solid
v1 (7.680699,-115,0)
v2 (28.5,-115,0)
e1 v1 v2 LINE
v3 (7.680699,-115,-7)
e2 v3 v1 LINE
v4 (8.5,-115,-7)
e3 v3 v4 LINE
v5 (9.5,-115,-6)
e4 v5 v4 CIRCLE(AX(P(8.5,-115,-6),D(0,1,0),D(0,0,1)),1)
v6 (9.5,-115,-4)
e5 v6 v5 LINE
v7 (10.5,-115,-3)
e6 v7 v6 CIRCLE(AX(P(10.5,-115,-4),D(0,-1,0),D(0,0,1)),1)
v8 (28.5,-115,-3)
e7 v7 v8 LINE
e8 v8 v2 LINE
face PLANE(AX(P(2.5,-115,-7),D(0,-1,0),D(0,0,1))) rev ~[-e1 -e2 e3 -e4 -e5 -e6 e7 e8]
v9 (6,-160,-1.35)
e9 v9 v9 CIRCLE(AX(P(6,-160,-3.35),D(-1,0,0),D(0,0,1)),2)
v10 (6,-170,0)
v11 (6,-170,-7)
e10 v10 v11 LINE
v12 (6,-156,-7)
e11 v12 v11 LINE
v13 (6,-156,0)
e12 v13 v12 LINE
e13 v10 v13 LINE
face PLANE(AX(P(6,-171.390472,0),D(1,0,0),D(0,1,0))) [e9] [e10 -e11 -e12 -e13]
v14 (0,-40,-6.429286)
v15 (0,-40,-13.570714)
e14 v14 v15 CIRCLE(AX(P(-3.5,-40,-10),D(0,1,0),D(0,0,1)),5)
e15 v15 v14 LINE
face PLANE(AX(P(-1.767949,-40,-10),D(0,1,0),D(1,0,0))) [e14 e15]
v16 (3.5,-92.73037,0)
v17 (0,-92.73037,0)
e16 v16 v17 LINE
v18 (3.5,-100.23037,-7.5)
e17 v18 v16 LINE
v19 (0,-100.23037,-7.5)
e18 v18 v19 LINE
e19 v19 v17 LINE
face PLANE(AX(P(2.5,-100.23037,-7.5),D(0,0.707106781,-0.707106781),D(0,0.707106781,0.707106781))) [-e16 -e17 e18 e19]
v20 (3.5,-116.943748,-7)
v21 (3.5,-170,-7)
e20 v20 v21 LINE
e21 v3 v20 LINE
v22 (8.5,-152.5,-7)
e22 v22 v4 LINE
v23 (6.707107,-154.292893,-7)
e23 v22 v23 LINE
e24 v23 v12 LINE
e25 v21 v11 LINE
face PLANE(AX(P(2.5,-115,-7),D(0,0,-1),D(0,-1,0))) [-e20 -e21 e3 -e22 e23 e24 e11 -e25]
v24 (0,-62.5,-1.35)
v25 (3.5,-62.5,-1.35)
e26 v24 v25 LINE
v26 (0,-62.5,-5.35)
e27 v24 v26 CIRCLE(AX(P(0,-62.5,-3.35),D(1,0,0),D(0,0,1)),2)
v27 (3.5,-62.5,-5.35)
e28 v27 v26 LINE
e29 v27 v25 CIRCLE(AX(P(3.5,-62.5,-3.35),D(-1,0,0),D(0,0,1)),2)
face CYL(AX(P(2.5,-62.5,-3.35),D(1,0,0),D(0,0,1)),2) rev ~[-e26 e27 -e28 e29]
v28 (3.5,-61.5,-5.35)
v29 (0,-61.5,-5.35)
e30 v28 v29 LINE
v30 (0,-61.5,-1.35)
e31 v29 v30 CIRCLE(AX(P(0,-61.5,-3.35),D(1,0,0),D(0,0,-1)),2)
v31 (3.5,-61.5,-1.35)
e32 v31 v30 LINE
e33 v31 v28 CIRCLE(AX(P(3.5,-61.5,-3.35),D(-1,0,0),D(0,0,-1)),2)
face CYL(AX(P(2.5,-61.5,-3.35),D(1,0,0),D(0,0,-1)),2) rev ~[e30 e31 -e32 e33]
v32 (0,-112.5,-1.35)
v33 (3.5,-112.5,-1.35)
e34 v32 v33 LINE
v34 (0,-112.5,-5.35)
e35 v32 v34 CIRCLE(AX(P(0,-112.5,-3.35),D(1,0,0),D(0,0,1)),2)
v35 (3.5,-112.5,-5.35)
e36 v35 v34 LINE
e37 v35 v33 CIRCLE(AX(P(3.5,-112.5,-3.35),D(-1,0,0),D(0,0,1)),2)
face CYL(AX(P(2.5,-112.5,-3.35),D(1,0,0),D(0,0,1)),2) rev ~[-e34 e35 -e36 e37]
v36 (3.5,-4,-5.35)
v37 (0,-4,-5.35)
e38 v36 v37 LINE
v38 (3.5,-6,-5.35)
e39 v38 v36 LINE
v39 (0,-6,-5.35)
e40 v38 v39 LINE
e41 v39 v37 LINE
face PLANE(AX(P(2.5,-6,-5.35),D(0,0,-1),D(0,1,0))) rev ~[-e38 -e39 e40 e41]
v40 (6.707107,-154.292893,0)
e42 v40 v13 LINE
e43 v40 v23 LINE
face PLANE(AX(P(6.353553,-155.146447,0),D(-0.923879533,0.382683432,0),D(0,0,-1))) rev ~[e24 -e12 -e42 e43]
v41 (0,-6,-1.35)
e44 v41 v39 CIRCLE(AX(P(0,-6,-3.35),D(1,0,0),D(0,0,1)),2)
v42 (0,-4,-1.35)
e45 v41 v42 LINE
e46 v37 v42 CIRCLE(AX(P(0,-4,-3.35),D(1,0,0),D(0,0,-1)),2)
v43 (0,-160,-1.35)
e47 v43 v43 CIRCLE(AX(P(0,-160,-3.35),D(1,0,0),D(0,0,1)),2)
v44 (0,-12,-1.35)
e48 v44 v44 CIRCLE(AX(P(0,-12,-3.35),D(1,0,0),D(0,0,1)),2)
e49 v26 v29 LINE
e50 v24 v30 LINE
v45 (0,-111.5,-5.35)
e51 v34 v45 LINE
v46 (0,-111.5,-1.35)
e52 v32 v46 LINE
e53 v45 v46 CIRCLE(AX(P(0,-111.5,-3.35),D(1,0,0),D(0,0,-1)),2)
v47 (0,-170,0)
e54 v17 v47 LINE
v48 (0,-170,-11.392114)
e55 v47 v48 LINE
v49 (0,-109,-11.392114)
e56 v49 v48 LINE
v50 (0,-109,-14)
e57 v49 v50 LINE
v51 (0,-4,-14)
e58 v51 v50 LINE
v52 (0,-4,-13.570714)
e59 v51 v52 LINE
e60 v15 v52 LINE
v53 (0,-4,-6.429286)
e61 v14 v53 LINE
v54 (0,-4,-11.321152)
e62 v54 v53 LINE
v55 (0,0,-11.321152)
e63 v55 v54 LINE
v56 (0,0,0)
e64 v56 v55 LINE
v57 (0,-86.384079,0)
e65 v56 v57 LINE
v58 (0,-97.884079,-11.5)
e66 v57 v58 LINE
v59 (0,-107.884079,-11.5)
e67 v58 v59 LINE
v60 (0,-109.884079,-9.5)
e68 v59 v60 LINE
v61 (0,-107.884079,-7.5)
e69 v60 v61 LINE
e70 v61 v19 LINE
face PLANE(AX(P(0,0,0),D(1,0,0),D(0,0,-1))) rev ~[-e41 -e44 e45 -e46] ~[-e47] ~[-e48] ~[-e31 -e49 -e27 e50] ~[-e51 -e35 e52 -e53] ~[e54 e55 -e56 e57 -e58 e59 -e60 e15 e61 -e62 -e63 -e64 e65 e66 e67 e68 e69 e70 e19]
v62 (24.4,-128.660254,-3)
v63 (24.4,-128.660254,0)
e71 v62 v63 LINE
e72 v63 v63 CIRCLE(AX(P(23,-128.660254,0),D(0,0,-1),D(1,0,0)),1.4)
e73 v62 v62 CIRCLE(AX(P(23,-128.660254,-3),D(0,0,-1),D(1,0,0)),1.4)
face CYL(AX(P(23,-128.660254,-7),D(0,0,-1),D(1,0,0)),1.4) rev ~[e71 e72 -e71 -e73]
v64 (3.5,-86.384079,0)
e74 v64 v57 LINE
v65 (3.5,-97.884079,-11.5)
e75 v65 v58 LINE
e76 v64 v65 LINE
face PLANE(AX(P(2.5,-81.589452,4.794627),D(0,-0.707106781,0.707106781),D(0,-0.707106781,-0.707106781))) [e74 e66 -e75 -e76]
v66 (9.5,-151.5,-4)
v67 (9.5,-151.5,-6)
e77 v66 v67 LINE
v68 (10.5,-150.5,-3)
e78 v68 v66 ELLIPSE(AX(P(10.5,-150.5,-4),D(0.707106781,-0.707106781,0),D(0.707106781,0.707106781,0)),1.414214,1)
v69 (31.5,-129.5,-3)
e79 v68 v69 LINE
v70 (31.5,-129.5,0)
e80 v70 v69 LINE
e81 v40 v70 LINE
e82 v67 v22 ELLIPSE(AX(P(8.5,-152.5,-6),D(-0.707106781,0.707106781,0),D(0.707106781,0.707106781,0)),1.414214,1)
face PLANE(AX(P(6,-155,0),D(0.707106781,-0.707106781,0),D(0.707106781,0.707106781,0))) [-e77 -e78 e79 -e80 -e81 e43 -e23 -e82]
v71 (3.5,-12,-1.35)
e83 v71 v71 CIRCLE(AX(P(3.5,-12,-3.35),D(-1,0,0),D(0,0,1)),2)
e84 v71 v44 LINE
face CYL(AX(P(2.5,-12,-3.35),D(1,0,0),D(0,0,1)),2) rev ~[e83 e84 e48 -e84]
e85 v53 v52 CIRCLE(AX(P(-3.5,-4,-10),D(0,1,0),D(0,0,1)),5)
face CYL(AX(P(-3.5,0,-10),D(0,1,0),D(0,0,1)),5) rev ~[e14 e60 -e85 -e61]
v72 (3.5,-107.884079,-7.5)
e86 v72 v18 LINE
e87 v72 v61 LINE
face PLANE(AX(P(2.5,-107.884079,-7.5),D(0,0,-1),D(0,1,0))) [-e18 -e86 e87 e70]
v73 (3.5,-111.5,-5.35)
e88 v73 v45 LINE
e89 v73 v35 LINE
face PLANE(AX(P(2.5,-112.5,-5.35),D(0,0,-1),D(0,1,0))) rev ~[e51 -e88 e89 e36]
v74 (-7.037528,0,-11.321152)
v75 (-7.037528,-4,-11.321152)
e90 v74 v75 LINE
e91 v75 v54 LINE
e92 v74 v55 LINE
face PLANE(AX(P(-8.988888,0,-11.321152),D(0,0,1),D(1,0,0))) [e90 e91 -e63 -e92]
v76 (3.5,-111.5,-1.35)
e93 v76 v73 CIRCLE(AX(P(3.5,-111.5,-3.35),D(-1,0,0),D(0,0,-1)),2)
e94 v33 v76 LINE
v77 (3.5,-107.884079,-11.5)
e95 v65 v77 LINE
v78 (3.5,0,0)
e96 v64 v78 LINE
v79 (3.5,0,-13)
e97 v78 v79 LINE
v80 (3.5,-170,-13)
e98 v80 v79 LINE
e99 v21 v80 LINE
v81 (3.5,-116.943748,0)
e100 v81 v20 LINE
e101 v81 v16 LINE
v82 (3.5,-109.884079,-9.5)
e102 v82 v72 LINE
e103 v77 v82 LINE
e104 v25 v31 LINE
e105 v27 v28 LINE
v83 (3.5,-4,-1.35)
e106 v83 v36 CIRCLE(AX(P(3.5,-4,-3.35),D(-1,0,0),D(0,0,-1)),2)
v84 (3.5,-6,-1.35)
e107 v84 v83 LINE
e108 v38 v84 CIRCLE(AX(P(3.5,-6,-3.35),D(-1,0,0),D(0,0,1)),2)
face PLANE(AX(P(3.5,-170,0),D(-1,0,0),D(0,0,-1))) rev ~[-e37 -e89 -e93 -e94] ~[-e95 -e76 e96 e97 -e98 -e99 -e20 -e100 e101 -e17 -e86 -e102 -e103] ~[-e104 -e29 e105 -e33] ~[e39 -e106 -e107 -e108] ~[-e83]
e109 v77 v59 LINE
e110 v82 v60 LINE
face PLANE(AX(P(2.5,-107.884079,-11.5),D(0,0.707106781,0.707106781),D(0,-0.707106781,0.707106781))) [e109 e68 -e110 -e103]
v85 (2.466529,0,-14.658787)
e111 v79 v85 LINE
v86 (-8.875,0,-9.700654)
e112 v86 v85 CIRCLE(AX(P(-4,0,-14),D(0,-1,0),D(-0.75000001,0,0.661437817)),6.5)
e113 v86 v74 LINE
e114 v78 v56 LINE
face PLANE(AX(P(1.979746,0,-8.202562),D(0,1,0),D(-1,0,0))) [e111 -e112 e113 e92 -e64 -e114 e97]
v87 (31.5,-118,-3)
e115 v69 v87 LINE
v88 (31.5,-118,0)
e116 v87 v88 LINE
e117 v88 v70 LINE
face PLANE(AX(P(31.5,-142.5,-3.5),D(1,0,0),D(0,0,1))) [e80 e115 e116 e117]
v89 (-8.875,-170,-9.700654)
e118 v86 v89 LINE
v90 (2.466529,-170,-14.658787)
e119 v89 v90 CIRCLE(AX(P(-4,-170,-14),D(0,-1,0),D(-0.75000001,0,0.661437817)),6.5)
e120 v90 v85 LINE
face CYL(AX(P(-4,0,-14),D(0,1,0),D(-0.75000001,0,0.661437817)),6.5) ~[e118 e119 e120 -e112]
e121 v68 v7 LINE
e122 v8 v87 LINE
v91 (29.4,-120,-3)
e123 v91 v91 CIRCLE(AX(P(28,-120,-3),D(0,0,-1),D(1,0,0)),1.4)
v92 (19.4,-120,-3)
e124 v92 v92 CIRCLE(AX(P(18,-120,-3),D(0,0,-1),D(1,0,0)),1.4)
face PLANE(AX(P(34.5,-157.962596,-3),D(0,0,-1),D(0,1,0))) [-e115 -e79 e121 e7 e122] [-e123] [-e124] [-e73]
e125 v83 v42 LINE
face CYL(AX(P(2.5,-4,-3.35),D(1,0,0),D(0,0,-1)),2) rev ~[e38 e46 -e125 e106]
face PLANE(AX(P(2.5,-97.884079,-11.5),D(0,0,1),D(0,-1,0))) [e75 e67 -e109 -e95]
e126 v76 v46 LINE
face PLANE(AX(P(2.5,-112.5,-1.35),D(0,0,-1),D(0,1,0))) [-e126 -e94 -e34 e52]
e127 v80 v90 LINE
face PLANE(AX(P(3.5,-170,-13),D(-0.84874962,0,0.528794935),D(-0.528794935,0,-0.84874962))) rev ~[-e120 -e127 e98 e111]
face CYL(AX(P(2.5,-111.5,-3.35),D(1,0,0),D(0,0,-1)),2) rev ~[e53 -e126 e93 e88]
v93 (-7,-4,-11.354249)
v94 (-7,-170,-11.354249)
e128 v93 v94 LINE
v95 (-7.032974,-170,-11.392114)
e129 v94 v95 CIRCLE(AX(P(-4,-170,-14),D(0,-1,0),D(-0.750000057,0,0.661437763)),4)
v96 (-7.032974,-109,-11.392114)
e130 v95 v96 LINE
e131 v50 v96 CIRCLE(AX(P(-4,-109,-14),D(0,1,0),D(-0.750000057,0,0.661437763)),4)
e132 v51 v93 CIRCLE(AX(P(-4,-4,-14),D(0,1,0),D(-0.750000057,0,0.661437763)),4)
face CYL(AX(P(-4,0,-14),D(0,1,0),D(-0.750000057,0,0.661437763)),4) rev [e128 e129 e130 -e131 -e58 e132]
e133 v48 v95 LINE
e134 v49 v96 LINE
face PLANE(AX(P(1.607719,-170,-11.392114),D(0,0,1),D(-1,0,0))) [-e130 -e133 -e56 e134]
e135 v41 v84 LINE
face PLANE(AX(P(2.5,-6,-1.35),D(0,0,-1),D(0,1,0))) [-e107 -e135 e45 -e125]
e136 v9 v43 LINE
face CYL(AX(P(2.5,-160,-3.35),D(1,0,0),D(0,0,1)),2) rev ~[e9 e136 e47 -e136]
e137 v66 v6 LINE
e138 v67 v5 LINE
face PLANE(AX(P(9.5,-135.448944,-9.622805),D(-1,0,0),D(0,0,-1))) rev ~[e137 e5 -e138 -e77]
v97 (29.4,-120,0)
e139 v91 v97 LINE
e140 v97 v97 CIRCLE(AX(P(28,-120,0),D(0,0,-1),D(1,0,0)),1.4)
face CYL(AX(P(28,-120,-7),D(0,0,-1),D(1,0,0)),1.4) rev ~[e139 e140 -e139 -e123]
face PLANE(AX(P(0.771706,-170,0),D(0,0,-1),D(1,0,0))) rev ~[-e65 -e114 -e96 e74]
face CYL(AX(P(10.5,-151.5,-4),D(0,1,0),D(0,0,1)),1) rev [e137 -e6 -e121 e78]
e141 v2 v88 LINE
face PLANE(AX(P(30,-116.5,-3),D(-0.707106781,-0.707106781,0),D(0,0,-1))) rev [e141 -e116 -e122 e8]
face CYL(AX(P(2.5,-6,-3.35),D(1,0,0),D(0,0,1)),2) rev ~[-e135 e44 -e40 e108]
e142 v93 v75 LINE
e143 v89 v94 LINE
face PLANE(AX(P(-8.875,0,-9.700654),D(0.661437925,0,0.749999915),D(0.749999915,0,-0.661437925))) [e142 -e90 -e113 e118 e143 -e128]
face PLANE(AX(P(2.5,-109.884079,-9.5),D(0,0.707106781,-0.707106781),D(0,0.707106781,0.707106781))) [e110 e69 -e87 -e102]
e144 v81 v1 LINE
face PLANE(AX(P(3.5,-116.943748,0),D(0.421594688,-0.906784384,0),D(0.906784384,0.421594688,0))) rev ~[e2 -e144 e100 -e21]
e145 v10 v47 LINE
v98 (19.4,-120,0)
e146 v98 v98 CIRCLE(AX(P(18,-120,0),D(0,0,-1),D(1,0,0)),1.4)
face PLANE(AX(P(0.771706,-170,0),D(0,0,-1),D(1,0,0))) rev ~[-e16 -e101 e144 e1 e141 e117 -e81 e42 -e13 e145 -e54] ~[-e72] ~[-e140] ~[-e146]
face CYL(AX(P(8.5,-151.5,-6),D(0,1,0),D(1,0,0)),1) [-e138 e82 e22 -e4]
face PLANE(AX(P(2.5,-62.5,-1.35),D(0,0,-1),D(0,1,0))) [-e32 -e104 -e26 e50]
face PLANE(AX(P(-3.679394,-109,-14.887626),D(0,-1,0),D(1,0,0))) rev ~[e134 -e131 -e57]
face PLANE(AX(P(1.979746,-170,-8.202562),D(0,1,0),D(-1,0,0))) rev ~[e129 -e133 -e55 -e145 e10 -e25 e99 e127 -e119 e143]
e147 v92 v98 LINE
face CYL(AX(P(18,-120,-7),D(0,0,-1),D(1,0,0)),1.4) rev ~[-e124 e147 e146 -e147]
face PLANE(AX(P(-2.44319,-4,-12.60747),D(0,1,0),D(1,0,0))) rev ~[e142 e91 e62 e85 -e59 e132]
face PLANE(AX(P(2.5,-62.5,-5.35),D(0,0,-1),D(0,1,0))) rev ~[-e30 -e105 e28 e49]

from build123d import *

# Parameters (mm, degrees)
PAD_DEPTH            = 170
PAD001_DEPTH         = 170
SKETCH003_W          = 7
SKETCH003_H          = 55
PAD002_DEPTH         = 29
POCKET_DEPTH         = 9
POCKET001_DEPTH      = 25
SKETCH005_R          = 1.4
POCKET002_DEPTH      = 7.001
SKETCH001_R          = 2
POCKET003_DEPTH      = 5
POCKET003_DEPTH_BACK = -100
POCKET004_DEPTH      = 40
PAD003_DEPTH         = 4
PAD004_DEPTH         = 61
POCKET005_DEPTH      = 5
POCKET005_DEPTH_BACK = -100
POCKET006_DEPTH      = 9
CHAMFER_SIZE         = 3
CHAMFER001_SIZE      = 1
FILLET_R             = 1
FILLET001_R          = 1


with BuildPart() as part:
    # Sketch → Pad (new body)
    with BuildSketch(Plane.XZ):
        with BuildLine():
            Line((0, 0), (2.5, 0))
            Line((2.5, 0), (2.5, -14))
            ThreePointArc((-8.875, -9.700654), (-6.298097, -20.080193), (2.5, -14))
            Line((-8.875, -9.700654), (-7, -11.354249))
            ThreePointArc((-7, -11.354249), (-5.414214, -17.741657), (0, -14))
            Line((0, 0), (0, -14))
        make_face()
    extrude(amount=PAD_DEPTH)

    # Sketch012 → Pad001 (join)
    with BuildSketch(Plane.XZ.offset(170)):
        Polygon((3.5, 0), (3.5, -13), (0.771706, -17.379086), (0.771706, 0), align=None)
    extrude(amount=-PAD001_DEPTH)

    # Sketch003 → Pad002 (join)
    with BuildSketch(Plane(origin=(2.5, 0, 0), x_dir=(0, 0, 1), z_dir=(1, 0, 0))):
        with Locations((-3.5, 142.5)):
            Rectangle(SKETCH003_W, SKETCH003_H)
    extrude(amount=PAD002_DEPTH)

    # Sketch008 → Pocket (cut)
    with BuildSketch(Plane(origin=(0, 0, 0), x_dir=(-1, 0, 0), z_dir=(0, 0, 1))):
        Polygon((-6, 171.390472), (-6, 155), (-43.587333, 117.412667), (-43.587333, 179.575119), align=None)
    extrude(amount=-POCKET_DEPTH, mode=Mode.SUBTRACT)

    # Sketch011 → Pocket001 (cut)
    with BuildSketch(Plane(origin=(34.5, 0, 0), x_dir=(0, 0, 1), z_dir=(1, 0, 0))):
        Polygon((-11.354396, 166.316992), (-3, 157.962596), (-3, 109.627052), (-19.434643, 110.990524), align=None)
    extrude(amount=-POCKET001_DEPTH, mode=Mode.SUBTRACT)

    # Sketch005 → Pocket002 (cut, through all)
    with BuildSketch(Plane(origin=(0, 0, -7), x_dir=(1, 0, 0), z_dir=(0, 0, -1))):
        with Locations((28, 120)):
            Circle(SKETCH005_R)
        with Locations((18, 120)):
            Circle(SKETCH005_R)
        with Locations((23, 128.660254)):
            Circle(SKETCH005_R)
    extrude(amount=-POCKET002_DEPTH, mode=Mode.SUBTRACT)

    # Sketch001 (on Face2 of Pad) → Pocket003 (cut, two sides)
    with BuildSketch(Plane(origin=(2.5, 0, 0), x_dir=(0, 0, 1), z_dir=(1, 0, 0))) as pocket003_sk:
        with Locations((-3.35, 12)):
            Circle(SKETCH001_R)
        with Locations((-3.35, 160)):
            Circle(SKETCH001_R)
        with BuildLine():
            ThreePointArc((-1.35, 6), (-3.35, 8), (-5.35, 6))
            Line((-5.35, 6), (-5.35, 4))
            ThreePointArc((-5.35, 4), (-3.35, 2), (-1.35, 4))
            Line((-1.35, 6), (-1.35, 4))
        make_face()
        with BuildLine():
            ThreePointArc((-1.35, 112.5), (-3.35, 114.5), (-5.35, 112.5))
            Line((-5.35, 112.5), (-5.35, 111.5))
            ThreePointArc((-5.35, 111.5), (-3.35, 109.5), (-1.35, 111.5))
            Line((-1.35, 112.5), (-1.35, 111.5))
        make_face()
        with BuildLine():
            ThreePointArc((-1.35, 62.5), (-3.35, 64.5), (-5.35, 62.5))
            Line((-5.35, 62.5), (-5.35, 61.5))
            ThreePointArc((-5.35, 61.5), (-3.35, 59.5), (-1.35, 61.5))
            Line((-1.35, 62.5), (-1.35, 61.5))
        make_face()
    extrude(amount=-POCKET003_DEPTH, mode=Mode.SUBTRACT)
    extrude(pocket003_sk.sketch, amount=-POCKET003_DEPTH_BACK, mode=Mode.SUBTRACT)

    # Sketch006 → Pocket004 (cut)
    with BuildSketch(Plane(origin=(0, 0, 0), x_dir=(1, 0, 0), z_dir=(0, 1, 0))):
        with BuildLine():
            ThreePointArc((-3.5, 5), (1.5, 10), (-3.5, 15))
            Line((-3.5, 15), (-3.5, 5))
        make_face()
    extrude(amount=-POCKET004_DEPTH, mode=Mode.SUBTRACT)

    # Sketch009 → Pad003 (join)
    with BuildSketch(Plane(origin=(0, 0, 0), x_dir=(1, 0, 0), z_dir=(0, 1, 0))):
        Polygon((-8.988888, 11.321152), (0, 11.321152), (0, 5.375637), (1.760757, 5.375637), (1.760757, 16.152864), (-3.184568, 19.176249), (-9.013494, 16.474098), align=None)
    extrude(amount=-PAD003_DEPTH)

    # Sketch010 → Pad004 (join)
    with BuildSketch(Plane.XZ.offset(170)):
        Polygon((1.607719, -11.392114), (-8.313037, -11.392114), (-9.514894, -14.319767), (-8.858657, -17.099121), (-6.117905, -19.22224), (-3.18414, -19.22224), (0.714678, -18.102777), (1.607719, -15.709445), align=None)
    extrude(amount=-PAD004_DEPTH)

    # Sketch004 → Pocket005 (cut, two sides)
    with BuildSketch(Plane(origin=(2.5, 0, 0), x_dir=(0, 0, 1), z_dir=(1, 0, 0))) as pocket005_sk:
        Polygon((-9.5, 109.884079), (-7.5, 107.884079), (-7.5, 100.23037), (1.897298, 90.833072), (4.794627, 81.589452), (-11.5, 97.884079), (-11.5, 107.884079), align=None)
    extrude(amount=-POCKET005_DEPTH, mode=Mode.SUBTRACT)
    extrude(pocket005_sk.sketch, amount=-POCKET005_DEPTH_BACK, mode=Mode.SUBTRACT)

    # Sketch013 (on Face63 of Pocket005) → Pocket006 (cut)
    with BuildSketch(Plane(origin=(0, 0, 0), x_dir=(-1, 0, 0), z_dir=(0, 0, 1))):
        Polygon((-3.5, 112.04879), (-3.5, 116.943748), (-13.285114, 112.394318), align=None)
    extrude(amount=-POCKET006_DEPTH, mode=Mode.SUBTRACT)

    # Chamfer
    chamfer_edges = [part.edges().sort_by_distance(p)[0] for p in [
        (31.5, -115, -1.5),
    ]]
    chamfer(chamfer_edges, length=CHAMFER_SIZE)

    # Chamfer001
    chamfer001_edges = [part.edges().sort_by_distance(p)[0] for p in [
        (6, -155, -3.5),
    ]]
    chamfer(chamfer001_edges, length=CHAMFER001_SIZE)

    # Fillet
    fillet_edges = [part.edges().sort_by_distance(p)[0] for p in [
        (9.5, -133.25, -3),
    ]]
    fillet(fillet_edges, radius=FILLET_R)

    # Fillet001
    fillet001_edges = [part.edges().sort_by_distance(p)[0] for p in [
        (9.5, -133.25, -7),
    ]]
    fillet(fillet001_edges, radius=FILLET001_R)


solid = part.part
